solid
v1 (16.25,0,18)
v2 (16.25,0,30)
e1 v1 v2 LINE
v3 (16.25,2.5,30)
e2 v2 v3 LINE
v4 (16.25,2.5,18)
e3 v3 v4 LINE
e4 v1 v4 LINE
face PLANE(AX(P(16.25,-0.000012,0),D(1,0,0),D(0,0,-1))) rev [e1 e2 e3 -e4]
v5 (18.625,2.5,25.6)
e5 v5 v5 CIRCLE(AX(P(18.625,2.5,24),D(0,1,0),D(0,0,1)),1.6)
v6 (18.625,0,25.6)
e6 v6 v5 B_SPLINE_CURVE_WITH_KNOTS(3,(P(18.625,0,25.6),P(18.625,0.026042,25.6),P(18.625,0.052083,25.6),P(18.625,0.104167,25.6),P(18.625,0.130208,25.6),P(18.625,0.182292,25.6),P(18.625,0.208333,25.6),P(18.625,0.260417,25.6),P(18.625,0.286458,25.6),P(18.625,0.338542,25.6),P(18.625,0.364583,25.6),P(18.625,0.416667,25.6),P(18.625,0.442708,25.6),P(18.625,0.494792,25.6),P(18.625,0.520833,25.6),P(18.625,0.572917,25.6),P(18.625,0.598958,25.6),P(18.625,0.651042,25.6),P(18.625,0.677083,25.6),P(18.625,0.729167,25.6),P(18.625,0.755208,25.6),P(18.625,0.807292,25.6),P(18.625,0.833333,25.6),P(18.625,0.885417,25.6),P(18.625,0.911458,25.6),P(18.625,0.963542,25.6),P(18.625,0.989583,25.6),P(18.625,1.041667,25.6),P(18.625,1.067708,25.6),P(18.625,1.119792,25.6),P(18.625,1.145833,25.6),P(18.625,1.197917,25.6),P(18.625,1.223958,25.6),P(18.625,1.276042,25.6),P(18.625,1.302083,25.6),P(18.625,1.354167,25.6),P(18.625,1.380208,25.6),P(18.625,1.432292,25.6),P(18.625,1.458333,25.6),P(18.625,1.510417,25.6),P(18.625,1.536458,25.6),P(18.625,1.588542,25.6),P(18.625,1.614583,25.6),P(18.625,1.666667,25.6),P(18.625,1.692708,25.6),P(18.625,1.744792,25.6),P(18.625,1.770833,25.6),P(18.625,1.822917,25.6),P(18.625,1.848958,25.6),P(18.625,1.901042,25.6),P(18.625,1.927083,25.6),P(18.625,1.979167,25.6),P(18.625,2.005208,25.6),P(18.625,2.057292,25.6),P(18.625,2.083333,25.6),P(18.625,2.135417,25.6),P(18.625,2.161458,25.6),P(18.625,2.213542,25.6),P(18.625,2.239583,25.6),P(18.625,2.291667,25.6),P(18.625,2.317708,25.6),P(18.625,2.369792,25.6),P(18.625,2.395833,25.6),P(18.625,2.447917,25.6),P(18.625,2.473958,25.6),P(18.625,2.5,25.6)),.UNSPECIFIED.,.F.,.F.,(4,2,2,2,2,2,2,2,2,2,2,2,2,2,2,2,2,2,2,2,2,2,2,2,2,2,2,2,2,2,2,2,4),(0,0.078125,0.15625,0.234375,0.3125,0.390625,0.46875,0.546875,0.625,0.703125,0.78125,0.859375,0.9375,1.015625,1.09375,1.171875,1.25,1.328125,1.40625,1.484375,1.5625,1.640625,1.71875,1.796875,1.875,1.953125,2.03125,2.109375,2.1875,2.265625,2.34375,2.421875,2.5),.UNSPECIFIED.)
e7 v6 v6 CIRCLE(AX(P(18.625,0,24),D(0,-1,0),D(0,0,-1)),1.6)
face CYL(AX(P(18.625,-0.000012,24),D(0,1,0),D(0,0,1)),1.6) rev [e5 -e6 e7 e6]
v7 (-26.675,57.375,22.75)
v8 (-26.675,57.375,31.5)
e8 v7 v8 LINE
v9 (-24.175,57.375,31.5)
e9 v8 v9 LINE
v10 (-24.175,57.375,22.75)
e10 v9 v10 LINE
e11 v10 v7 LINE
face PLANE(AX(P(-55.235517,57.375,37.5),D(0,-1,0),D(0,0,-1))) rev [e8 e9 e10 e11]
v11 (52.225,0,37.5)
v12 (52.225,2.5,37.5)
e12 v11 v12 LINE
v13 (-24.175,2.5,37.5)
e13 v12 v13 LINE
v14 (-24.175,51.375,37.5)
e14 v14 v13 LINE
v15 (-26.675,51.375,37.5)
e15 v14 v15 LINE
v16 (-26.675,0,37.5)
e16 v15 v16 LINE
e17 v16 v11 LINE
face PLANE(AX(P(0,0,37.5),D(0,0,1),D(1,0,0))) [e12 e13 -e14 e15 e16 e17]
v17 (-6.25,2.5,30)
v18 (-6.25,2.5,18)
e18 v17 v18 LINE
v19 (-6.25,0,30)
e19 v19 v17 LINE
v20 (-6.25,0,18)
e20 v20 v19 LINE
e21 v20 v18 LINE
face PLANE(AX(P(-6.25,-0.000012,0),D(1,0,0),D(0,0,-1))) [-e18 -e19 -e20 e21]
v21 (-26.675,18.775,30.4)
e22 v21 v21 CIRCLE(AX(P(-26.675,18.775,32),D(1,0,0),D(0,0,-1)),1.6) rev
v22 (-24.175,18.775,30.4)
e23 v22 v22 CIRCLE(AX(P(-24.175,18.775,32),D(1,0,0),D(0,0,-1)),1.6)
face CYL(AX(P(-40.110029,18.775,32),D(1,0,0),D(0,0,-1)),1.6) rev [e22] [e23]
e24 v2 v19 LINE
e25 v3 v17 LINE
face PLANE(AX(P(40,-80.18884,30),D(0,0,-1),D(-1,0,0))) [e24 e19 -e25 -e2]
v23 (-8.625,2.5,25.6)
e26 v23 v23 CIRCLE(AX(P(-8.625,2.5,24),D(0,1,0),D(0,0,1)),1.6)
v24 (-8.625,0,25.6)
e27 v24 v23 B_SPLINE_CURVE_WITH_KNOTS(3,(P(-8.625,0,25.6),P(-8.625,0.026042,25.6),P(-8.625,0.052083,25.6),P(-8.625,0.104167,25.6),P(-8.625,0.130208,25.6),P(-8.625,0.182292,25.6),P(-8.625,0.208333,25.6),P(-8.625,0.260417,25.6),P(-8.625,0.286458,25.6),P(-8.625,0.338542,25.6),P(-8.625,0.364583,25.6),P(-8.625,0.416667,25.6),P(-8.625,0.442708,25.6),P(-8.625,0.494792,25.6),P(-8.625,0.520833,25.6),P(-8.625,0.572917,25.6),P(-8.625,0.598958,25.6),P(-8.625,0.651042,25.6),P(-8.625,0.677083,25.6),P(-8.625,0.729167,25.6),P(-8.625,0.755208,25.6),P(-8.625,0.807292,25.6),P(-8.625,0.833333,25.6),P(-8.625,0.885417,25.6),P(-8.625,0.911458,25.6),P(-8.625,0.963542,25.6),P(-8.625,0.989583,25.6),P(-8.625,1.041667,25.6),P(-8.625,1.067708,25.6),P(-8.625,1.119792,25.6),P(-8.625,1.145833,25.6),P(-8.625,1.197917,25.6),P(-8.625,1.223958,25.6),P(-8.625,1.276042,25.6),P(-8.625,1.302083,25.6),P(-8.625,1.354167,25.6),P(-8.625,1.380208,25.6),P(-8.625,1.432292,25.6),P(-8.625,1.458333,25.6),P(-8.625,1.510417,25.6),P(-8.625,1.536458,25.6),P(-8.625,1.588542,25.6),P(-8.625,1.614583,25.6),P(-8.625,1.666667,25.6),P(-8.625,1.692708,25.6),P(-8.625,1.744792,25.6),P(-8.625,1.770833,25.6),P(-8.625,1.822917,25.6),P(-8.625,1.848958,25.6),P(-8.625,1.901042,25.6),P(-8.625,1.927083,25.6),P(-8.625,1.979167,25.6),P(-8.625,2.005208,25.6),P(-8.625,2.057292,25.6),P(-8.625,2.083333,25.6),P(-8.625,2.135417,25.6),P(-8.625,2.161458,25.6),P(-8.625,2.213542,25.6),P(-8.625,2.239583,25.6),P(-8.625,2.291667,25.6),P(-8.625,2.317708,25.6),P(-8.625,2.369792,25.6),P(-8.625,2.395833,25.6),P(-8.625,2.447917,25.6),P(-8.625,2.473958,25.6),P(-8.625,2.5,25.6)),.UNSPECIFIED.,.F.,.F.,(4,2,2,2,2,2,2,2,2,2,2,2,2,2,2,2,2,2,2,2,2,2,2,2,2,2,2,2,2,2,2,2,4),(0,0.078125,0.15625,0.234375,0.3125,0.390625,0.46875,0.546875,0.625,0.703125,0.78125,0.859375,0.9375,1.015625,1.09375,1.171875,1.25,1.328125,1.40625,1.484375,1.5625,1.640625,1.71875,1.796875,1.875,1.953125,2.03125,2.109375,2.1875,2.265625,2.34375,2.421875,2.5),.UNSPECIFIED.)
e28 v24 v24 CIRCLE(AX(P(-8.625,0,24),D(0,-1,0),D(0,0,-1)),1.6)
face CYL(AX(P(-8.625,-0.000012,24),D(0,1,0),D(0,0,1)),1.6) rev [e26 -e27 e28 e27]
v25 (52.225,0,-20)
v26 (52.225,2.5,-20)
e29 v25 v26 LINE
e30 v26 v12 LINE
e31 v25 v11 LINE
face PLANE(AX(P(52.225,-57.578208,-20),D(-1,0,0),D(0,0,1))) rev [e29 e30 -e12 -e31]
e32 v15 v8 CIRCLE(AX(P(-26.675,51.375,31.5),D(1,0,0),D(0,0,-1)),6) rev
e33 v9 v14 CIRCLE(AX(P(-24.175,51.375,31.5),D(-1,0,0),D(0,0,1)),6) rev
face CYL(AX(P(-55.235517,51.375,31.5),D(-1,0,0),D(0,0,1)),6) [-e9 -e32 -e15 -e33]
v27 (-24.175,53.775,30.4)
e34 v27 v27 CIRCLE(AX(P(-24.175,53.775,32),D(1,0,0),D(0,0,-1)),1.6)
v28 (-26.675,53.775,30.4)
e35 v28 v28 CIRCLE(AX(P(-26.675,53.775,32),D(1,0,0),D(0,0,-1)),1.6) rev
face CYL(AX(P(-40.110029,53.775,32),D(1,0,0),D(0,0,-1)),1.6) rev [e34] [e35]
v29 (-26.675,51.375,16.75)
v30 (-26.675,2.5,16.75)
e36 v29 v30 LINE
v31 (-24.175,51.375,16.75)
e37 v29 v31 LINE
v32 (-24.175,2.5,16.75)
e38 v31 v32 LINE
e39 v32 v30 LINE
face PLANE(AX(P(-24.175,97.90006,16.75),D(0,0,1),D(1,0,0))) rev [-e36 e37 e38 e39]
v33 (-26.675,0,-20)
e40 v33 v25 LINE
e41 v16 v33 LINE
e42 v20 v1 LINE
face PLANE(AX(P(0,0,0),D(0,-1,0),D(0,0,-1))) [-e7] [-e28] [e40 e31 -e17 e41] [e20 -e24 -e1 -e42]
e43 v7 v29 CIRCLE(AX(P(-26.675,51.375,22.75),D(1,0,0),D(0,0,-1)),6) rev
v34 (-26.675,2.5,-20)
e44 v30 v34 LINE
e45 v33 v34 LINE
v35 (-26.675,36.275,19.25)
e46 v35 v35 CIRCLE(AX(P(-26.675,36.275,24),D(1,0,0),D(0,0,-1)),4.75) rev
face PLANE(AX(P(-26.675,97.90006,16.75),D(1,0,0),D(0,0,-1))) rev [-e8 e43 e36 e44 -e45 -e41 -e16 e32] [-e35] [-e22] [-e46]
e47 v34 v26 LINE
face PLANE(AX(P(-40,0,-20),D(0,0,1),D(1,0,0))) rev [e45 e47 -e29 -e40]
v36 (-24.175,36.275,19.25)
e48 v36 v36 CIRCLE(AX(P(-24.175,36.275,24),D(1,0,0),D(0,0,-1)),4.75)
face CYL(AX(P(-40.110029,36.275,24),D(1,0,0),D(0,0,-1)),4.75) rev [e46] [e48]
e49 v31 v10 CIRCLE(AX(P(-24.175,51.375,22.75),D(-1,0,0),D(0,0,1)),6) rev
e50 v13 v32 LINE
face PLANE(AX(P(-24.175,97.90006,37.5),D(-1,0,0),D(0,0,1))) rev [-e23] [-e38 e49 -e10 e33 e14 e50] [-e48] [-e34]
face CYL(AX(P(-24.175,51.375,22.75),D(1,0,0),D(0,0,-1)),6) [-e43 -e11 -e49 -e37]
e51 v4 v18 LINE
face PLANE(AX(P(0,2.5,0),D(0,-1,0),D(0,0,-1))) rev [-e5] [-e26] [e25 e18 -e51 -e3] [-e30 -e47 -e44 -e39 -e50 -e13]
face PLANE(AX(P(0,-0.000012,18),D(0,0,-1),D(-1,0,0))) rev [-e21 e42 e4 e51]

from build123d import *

# Parameters (mm, degrees)
SKETCH1_W               = 80
SKETCH1_H               = 60
BOSS_EXTRUDE1_DEPTH     = 2.5
CUT_EXTRUDE4_DEPTH      = 51.062460986
CUT_EXTRUDE4_DEPTH_BACK = 51.062460986
SKETCH2_R               = 1.6
SKETCH3_W               = 2.5
SKETCH3_H               = 20.5
BOSS_EXTRUDE2_DEPTH     = 66.5
SKETCH4_W               = 80
SKETCH4_H               = 5.5
BOSS_EXTRUDE3_DEPTH     = 2.5
SKETCH5_W               = 2.5
SKETCH5_H               = 5.5
BOSS_EXTRUDE4_DEPTH     = 66.5
SKETCH6_W               = 2.5
SKETCH6_H               = 5.5
CUT_EXTRUDE5_DEPTH      = 66.5
SKETCH9_W               = 2.5
SKETCH9_H               = 2.5
BOSS_EXTRUDE5_DEPTH     = 66.5
SKETCH11_R              = 4.75
CUT_EXTRUDE6_DEPTH      = 2.5
SKETCH15_W              = 2.5
SKETCH15_H              = 23
BOSS_EXTRUDE6_DEPTH     = 8
SKETCH17_W              = 2.5
SKETCH17_H              = 74.5
BOSS_EXTRUDE7_DEPTH     = 2
SKETCH18_R              = 1.6
CUT_EXTRUDE7_DEPTH      = 2.5
SKETCH21_W              = 80
SKETCH21_H              = 2.5
BOSS_EXTRUDE8_DEPTH     = 2
SKETCH22_W              = 4.25
SKETCH22_H              = 74.5
CUT_EXTRUDE8_DEPTH      = 2.5
FILLET1_R               = 5
SKETCH23_W              = 15.225
SKETCH23_H              = 67.5
BOSS_EXTRUDE10_DEPTH    = 2.5
SKETCH24_W              = 95.225
SKETCH24_H              = 10
CUT_EXTRUDE9_DEPTH      = 101.031498164
SKETCH26_W              = 2.5
SKETCH26_H              = 20.75
BOSS_EXTRUDE11_DEPTH    = 74.5
SKETCH27_R              = 1.6
CUT_EXTRUDE10_DEPTH     = 2.5
SKETCH28_W              = 2.5
SKETCH28_H              = 20.75
CUT_EXTRUDE11_DEPTH     = 74.5
SKETCH29_W              = 20.75
SKETCH29_H              = 19.625
CUT_EXTRUDE12_DEPTH     = 2.5
FILLET2_R               = 6
SKETCH31_W              = 13.325
SKETCH31_H              = 57.5
CUT_EXTRUDE13_DEPTH     = 2.5
SKETCH33_W              = 3
SKETCH33_H              = 57.5
CUT_EXTRUDE14_DEPTH     = 2.5


with BuildPart() as part:
    # Sketch1 → Boss-Extrude1 (new body)
    with BuildSketch(Plane(origin=(0, 0, 0), x_dir=(1, 0, 0), z_dir=(0, 1, 0))):
        Rectangle(SKETCH1_W, SKETCH1_H)
    extrude(amount=BOSS_EXTRUDE1_DEPTH)

    # Sketch2 → Cut-Extrude4 (cut, two sides: drawn at the far end of the back side and taken through both)
    with BuildSketch(Plane(origin=(0, 0, 0), x_dir=(1, 0, 0), z_dir=(0, 1, 0)).offset(-CUT_EXTRUDE4_DEPTH_BACK)):
        with BuildLine():
            Line((-6.25, -24), (-2.5, -24))
            ThreePointArc((-2.5, -24), (0, -21.5), (2.5, -24))
            Line((2.5, -24), (16.25, -24))
            Line((16.25, -24), (16.25, -18))
            Line((16.25, -18), (-6.25, -18))
            Line((-6.25, -18), (-6.25, -24))
        make_face()
        with BuildLine():
            Line((0, -26.5), (0, -30))
            Line((0, -30), (16.25, -30))
            Line((16.25, -30), (16.25, -24))
            Line((16.25, -24), (2.5, -24))
            ThreePointArc((2.5, -24), (1.767766953, -25.767766953), (0, -26.5))
        make_face()
        with BuildLine():
            ThreePointArc((-2.5, -24), (-1.767766953, -25.767766953), (0, -26.5))
            Line((0, -26.5), (0, -24))
            Line((0, -24), (-2.5, -24))
        make_face()
        with BuildLine():
            Line((0, -24), (0, -26.5))
            ThreePointArc((0, -26.5), (1.767766953, -25.767766953), (2.5, -24))
            Line((2.5, -24), (0, -24))
        make_face()
        with BuildLine():
            Line((-2.5, -24), (0, -24))
            Line((0, -24), (2.5, -24))
            ThreePointArc((2.5, -24), (0, -21.5), (-2.5, -24))
        make_face()
        with BuildLine():
            ThreePointArc((-2.5, -24), (-1.767766953, -25.767766953), (0, -26.5))
            Line((0, -26.5), (0, -24))
            Line((0, -24), (-2.5, -24))
        make_face()
        with BuildLine():
            Line((0, -24), (0, -26.5))
            ThreePointArc((0, -26.5), (1.767766953, -25.767766953), (2.5, -24))
            Line((2.5, -24), (0, -24))
        make_face()
        with BuildLine():
            Line((-6.25, -30), (0, -30))
            Line((0, -30), (0, -26.5))
            ThreePointArc((0, -26.5), (-1.767766953, -25.767766953), (-2.5, -24))
            Line((-2.5, -24), (-6.25, -24))
            Line((-6.25, -24), (-6.25, -30))
        make_face()
        with Locations(Location((-8.625, -24, 0), (0, 0, 270))):
            Circle(SKETCH2_R)
        with Locations(Location((18.625, -24, 0), (0, 0, 270))):
            Circle(SKETCH2_R)
    extrude(amount=CUT_EXTRUDE4_DEPTH + CUT_EXTRUDE4_DEPTH_BACK, mode=Mode.SUBTRACT)

    # Sketch3 → Boss-Extrude2 (add)
    with BuildSketch(Plane(origin=(0, 2.5, 0), x_dir=(1, 0, 0), z_dir=(0, 1, 0))):
        with Locations((-38.75, -19.75)):
            Rectangle(SKETCH3_W, SKETCH3_H)
    extrude(amount=BOSS_EXTRUDE2_DEPTH)

    # Sketch4 → Boss-Extrude3 (add)
    with BuildSketch(Plane(origin=(0, 2.5, 0), x_dir=(1, 0, 0), z_dir=(0, 1, 0))):
        with Locations((0, -32.75)):
            Rectangle(SKETCH4_W, SKETCH4_H)
    extrude(amount=-BOSS_EXTRUDE3_DEPTH)

    # Sketch5 → Boss-Extrude4 (add)
    with BuildSketch(Plane(origin=(0, 2.5, 0), x_dir=(1, 0, 0), z_dir=(0, 1, 0))):
        with Locations((-38.75, -32.75)):
            Rectangle(SKETCH5_W, SKETCH5_H)
    extrude(amount=BOSS_EXTRUDE4_DEPTH)

    # Sketch6 → Cut-Extrude5 (cut)
    with BuildSketch(Plane(origin=(0, 69, 0), x_dir=(1, 0, 0), z_dir=(0, 1, 0))):
        with Locations((-38.75, -12.25)):
            Rectangle(SKETCH6_W, SKETCH6_H)
    extrude(amount=-CUT_EXTRUDE5_DEPTH, mode=Mode.SUBTRACT)

    # Sketch9 → Boss-Extrude5 (add)
    with BuildSketch(Plane(origin=(0, 2.5, 0), x_dir=(1, 0, 0), z_dir=(0, 1, 0))):
        with Locations((-38.75, -13.75)):
            Rectangle(SKETCH9_W, SKETCH9_H)
    extrude(amount=BOSS_EXTRUDE5_DEPTH)

    # Sketch11 → Cut-Extrude6 (cut)
    with BuildSketch(Plane(origin=(-37.5, 0, 0), x_dir=(0, 0, -1), z_dir=(1, 0, 0))):
        with Locations((-24, 54)):
            Circle(SKETCH11_R)
    extrude(amount=-CUT_EXTRUDE6_DEPTH, mode=Mode.SUBTRACT)

    # Sketch15 → Boss-Extrude6 (add)
    with BuildSketch(Plane(origin=(0, 69, 0), x_dir=(1, 0, 0), z_dir=(0, 1, 0))):
        with Locations((-38.75, -24)):
            Rectangle(SKETCH15_W, SKETCH15_H)
    extrude(amount=BOSS_EXTRUDE6_DEPTH)

    # Sketch17 → Boss-Extrude7 (add)
    with BuildSketch(Plane.XY.offset(35.5)):
        with Locations((-38.75, 39.75)):
            Rectangle(SKETCH17_W, SKETCH17_H)
    extrude(amount=BOSS_EXTRUDE7_DEPTH)

    # Sketch18 → Cut-Extrude7 (cut)
    with BuildSketch(Plane.ZY.offset(40)):
        with Locations((32, 36.5)):
            Circle(SKETCH18_R)
        with Locations((32, 71.5)):
            Circle(SKETCH18_R)
    extrude(amount=-CUT_EXTRUDE7_DEPTH, mode=Mode.SUBTRACT)

    # Sketch21 → Boss-Extrude8 (add)
    with BuildSketch(Plane.XY.offset(35.5)):
        with Locations((0, 1.25)):
            Rectangle(SKETCH21_W, SKETCH21_H)
    extrude(amount=BOSS_EXTRUDE8_DEPTH)

    # Sketch22 → Cut-Extrude8 (cut)
    with BuildSketch(Plane(origin=(-37.5, 0, 0), x_dir=(0, 0, -1), z_dir=(1, 0, 0))):
        with Locations((-14.625, 39.75)):
            Rectangle(SKETCH22_W, SKETCH22_H)
    extrude(amount=-CUT_EXTRUDE8_DEPTH, mode=Mode.SUBTRACT)

    # Fillet1
    fillet1_edges = [part.edges().sort_by_distance(p)[0] for p in [
        (-38.75, 77, 37.5),
        (-38.75, 77, 16.75),
    ]]
    fillet(fillet1_edges, radius=FILLET1_R)

    # Sketch23 → Boss-Extrude10 (add)
    with BuildSketch(Plane(origin=(0, 2.5, 0), x_dir=(1, 0, 0), z_dir=(0, 1, 0))):
        with Locations((47.6125, -3.75)):
            Rectangle(SKETCH23_W, SKETCH23_H)
    extrude(amount=-BOSS_EXTRUDE10_DEPTH)

    # Sketch24 → Cut-Extrude9 (cut, through all)
    with BuildSketch(Plane(origin=(0, 2.5, 0), x_dir=(1, 0, 0), z_dir=(0, 1, 0))):
        with Locations((7.6125, 25)):
            Rectangle(SKETCH24_W, SKETCH24_H)
    extrude(amount=-CUT_EXTRUDE9_DEPTH, mode=Mode.SUBTRACT)

    # Sketch26 → Boss-Extrude11 (add)
    with BuildSketch(Plane(origin=(0, 2.5, 0), x_dir=(1, 0, 0), z_dir=(0, 1, 0))):
        with Locations((-25.425, -27.125)):
            Rectangle(SKETCH26_W, SKETCH26_H)
    extrude(amount=BOSS_EXTRUDE11_DEPTH)

    # Sketch27 → Cut-Extrude10 (cut)
    with BuildSketch(Plane(origin=(-24.175, 0, 0), x_dir=(0, 0, -1), z_dir=(1, 0, 0))):
        with BuildLine():
            ThreePointArc((-28.75, 36.275), (-27.358757211, 32.916242789), (-24, 31.525))
            Line((-24, 31.525), (-24, 36.275))
            Line((-24, 36.275), (-28.75, 36.275))
        make_face()
        with BuildLine():
            Line((-24, 36.275), (-24, 31.525))
            ThreePointArc((-24, 31.525), (-20.641242789, 32.916242789), (-19.25, 36.275))
            ThreePointArc((-19.25, 36.275), (-24, 41.025), (-28.75, 36.275))
            Line((-28.75, 36.275), (-24, 36.275))
        make_face()
        with BuildLine():
            ThreePointArc((-28.75, 36.275), (-27.358757211, 32.916242789), (-24, 31.525))
            Line((-24, 31.525), (-24, 36.275))
            Line((-24, 36.275), (-28.75, 36.275))
        make_face()
        with BuildLine():
            Line((-24, 36.275), (-24, 31.525))
            ThreePointArc((-24, 31.525), (-20.641242789, 32.916242789), (-19.25, 36.275))
            ThreePointArc((-19.25, 36.275), (-24, 41.025), (-28.75, 36.275))
            Line((-28.75, 36.275), (-24, 36.275))
        make_face()
        with Locations((-32, 18.775)):
            Circle(SKETCH27_R)
        with Locations((-32, 53.775)):
            Circle(SKETCH27_R)
    extrude(amount=-CUT_EXTRUDE10_DEPTH, mode=Mode.SUBTRACT)

    # Sketch28 → Cut-Extrude11 (cut)
    with BuildSketch(Plane(origin=(0, 77, 0), x_dir=(1, 0, 0), z_dir=(0, 1, 0))):
        with Locations((-38.75, -27.125)):
            Rectangle(SKETCH28_W, SKETCH28_H)
    extrude(amount=-CUT_EXTRUDE11_DEPTH, mode=Mode.SUBTRACT)

    # Sketch29 → Cut-Extrude12 (cut)
    with BuildSketch(Plane(origin=(-24.175, 0, 0), x_dir=(0, 0, -1), z_dir=(1, 0, 0))):
        with Locations((-27.125, 67.1875)):
            Rectangle(SKETCH29_W, SKETCH29_H)
    extrude(amount=-CUT_EXTRUDE12_DEPTH, mode=Mode.SUBTRACT)

    # Fillet2
    fillet2_edges = [part.edges().sort_by_distance(p)[0] for p in [
        (-25.425, 57.375, 37.5),
        (-25.425, 57.375, 16.75),
    ]]
    fillet(fillet2_edges, radius=FILLET2_R)

    # Sketch31 → Cut-Extrude13 (cut)
    with BuildSketch(Plane(origin=(0, 2.5, 0), x_dir=(1, 0, 0), z_dir=(0, 1, 0))):
        with Locations((-33.3375, -8.75)):
            Rectangle(SKETCH31_W, SKETCH31_H)
    extrude(amount=-CUT_EXTRUDE13_DEPTH, mode=Mode.SUBTRACT)

    # Sketch33 → Cut-Extrude14 (cut)
    with BuildSketch(Plane(origin=(0, 2.5, 0), x_dir=(1, 0, 0), z_dir=(0, 1, 0))):
        with Locations((53.725, -8.75)):
            Rectangle(SKETCH33_W, SKETCH33_H)
    extrude(amount=-CUT_EXTRUDE14_DEPTH, mode=Mode.SUBTRACT)


solid = part.part
